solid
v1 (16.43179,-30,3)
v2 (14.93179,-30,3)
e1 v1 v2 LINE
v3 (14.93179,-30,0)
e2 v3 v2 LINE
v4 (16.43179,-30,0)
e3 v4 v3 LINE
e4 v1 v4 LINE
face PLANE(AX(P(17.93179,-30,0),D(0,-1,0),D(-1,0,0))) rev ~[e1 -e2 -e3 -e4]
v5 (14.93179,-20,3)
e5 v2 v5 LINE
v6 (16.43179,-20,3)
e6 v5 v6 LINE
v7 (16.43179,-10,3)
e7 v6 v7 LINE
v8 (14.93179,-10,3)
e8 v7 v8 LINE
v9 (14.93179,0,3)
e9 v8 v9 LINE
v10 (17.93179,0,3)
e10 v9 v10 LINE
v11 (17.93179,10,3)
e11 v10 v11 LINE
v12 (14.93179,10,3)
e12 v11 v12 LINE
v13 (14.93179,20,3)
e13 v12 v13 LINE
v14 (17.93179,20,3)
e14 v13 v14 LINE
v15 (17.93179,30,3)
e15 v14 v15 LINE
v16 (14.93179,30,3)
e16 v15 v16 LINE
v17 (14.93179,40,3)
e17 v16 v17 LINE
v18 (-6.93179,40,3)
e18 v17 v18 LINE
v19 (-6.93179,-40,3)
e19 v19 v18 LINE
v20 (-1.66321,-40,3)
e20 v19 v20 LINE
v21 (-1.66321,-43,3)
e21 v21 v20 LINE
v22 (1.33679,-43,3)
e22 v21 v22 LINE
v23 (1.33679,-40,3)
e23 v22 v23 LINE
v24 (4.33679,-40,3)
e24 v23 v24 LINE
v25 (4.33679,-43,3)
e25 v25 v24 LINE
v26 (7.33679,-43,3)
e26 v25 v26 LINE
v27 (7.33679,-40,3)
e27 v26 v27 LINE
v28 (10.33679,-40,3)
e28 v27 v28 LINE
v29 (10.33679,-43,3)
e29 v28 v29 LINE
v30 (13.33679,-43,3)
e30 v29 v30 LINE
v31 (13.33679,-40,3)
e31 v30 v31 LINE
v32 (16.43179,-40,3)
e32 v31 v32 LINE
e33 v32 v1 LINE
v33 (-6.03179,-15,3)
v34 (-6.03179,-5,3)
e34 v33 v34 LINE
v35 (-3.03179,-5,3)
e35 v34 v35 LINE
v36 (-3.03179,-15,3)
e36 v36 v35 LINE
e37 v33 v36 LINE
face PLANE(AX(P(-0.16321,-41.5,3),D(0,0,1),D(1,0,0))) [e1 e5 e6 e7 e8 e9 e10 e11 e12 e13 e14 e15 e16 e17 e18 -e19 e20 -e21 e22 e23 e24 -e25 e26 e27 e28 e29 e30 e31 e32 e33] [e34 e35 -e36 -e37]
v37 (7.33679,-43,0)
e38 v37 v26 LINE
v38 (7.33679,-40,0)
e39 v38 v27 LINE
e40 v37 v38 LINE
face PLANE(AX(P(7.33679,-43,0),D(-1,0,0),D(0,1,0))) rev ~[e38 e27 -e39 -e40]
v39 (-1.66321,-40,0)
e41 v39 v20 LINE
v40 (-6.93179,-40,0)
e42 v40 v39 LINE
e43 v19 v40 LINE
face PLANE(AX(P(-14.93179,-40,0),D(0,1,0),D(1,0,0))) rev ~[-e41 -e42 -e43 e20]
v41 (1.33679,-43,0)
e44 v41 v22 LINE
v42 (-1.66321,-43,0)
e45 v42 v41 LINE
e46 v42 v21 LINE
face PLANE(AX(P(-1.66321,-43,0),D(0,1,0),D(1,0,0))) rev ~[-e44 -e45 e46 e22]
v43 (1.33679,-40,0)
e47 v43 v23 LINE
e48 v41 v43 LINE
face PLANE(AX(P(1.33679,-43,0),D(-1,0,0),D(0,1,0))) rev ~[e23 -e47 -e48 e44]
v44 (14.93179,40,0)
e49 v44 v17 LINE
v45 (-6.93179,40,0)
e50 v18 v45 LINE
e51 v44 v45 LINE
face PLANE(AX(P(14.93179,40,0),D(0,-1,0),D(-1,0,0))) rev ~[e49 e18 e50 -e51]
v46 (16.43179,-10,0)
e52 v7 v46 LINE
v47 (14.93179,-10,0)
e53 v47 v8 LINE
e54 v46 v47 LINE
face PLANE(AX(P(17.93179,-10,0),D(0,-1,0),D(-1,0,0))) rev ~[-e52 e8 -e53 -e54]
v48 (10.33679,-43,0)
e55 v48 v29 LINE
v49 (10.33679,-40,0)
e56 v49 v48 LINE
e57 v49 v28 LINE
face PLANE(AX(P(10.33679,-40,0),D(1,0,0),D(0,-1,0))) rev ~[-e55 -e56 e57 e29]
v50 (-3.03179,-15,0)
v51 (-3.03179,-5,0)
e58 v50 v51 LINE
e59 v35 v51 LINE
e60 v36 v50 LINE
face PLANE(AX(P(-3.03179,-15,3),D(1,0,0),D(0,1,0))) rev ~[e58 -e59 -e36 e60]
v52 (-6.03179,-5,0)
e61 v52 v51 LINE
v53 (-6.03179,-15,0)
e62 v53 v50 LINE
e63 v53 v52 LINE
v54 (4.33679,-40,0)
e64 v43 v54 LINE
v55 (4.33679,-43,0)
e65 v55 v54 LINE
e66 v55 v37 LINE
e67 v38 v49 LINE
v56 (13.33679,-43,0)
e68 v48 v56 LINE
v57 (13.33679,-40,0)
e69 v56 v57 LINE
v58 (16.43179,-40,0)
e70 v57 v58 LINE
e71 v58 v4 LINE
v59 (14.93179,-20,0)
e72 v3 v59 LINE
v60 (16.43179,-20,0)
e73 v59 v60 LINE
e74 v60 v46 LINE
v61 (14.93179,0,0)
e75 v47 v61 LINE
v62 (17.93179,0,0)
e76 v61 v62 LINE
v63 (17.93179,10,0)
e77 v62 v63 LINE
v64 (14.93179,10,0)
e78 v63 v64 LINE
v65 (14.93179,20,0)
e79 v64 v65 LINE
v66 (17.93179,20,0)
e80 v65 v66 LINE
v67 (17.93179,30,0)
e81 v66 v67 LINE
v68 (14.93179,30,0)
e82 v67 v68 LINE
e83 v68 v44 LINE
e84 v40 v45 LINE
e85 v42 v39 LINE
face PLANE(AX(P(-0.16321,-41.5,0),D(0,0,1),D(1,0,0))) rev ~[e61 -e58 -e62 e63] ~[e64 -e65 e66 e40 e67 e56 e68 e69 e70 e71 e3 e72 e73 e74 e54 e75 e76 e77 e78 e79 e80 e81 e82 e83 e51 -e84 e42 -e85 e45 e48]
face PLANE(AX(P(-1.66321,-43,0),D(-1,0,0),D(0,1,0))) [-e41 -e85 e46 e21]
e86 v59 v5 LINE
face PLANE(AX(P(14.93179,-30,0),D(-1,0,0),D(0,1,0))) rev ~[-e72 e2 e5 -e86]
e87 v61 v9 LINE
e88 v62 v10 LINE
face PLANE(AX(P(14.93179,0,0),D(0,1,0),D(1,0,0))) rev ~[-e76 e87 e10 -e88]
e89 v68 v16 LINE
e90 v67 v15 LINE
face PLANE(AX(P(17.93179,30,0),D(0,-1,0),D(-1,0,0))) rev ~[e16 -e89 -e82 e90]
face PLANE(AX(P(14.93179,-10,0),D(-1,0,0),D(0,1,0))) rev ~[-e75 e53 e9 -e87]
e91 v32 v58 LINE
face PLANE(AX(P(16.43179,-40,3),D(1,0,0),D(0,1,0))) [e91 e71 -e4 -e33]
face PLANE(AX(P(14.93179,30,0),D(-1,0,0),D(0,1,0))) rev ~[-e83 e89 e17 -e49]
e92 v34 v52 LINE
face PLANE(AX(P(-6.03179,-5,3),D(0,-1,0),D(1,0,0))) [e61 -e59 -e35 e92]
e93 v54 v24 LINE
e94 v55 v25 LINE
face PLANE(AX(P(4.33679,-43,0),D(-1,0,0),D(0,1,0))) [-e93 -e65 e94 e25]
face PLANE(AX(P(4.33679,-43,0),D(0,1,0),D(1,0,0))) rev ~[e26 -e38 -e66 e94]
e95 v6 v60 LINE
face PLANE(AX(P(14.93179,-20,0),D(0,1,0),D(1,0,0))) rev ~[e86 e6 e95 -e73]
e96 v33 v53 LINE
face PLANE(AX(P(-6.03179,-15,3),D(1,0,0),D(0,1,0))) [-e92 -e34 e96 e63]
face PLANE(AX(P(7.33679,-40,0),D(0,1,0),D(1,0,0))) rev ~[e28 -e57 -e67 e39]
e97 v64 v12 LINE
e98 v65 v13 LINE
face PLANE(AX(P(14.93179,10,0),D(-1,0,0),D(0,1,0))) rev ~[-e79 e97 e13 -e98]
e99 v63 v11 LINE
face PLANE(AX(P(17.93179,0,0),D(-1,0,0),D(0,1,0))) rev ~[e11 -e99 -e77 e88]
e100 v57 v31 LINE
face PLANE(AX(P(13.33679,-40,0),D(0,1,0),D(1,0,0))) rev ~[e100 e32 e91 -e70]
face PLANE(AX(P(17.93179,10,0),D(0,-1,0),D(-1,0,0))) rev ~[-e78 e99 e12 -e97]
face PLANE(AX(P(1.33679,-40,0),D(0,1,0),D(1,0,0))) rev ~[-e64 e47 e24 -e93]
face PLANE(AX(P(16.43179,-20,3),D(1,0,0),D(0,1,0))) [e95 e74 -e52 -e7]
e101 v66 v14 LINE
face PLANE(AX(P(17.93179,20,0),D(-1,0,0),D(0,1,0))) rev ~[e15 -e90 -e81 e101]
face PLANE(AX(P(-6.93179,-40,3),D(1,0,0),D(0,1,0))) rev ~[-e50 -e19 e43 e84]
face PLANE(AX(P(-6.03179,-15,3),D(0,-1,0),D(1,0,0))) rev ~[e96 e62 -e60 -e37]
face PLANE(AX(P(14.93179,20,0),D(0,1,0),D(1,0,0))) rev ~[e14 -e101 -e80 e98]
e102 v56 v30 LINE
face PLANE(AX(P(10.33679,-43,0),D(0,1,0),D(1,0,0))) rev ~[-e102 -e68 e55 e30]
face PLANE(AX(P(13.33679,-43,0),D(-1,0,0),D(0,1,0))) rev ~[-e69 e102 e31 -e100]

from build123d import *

# Parameters (mm, degrees)
F0_W     = 3
F0_H     = 3
F0_H_2   = 10
F1_DEPTH = 3
F2_W     = 8
F2_H     = 80
F3_DEPTH = 25
F4_W     = 1.5
F4_H     = 10
F5_DEPTH = 25
F6_W     = 3
F6_H     = 10
F7_DEPTH = 25


with BuildPart() as f1:
    # F0 (on Top) → F1 (new body)
    with BuildSketch(Plane.XY):
        with Locations((-0.16321, -41.5)):
            Rectangle(F0_W, F0_H)
        with Locations((5.83679, -41.5)):
            Rectangle(F0_W, F0_H)
        Polygon((11.93179, 40), (-14.93179, 40), (-14.93179, -40), (-1.66321, -40), (1.33679, -40), (4.33679, -40), (7.33679, -40), (10.33679, -40), (11.93179, -40), (11.93179, -30), (11.93179, -20), (11.93179, -10), (11.93179, 0), (11.93179, 10), (11.93179, 20), (11.93179, 30), align=None)
        Polygon((11.93179, -30), (11.93179, -40), (13.33679, -40), (14.93179, -40), (14.93179, -30), align=None)
        with Locations((13.43179, -25)):
            Rectangle(F0_W, F0_H_2)
        Polygon((17.93179, -30), (14.93179, -30), (14.93179, -40), (16.52679, -40), (17.93179, -40), align=None)
        Polygon((11.93179, -40), (10.33679, -40), (10.33679, -43), (13.33679, -43), (13.33679, -40), align=None)
        with Locations((13.43179, -15)):
            Rectangle(F0_W, F0_H_2)
        with Locations((16.43179, -15)):
            Rectangle(F0_W, F0_H_2)
        with Locations((13.43179, -5)):
            Rectangle(F0_W, F0_H_2)
        with Locations((16.43179, 5)):
            Rectangle(F0_W, F0_H_2)
        with Locations((13.43179, 5)):
            Rectangle(F0_W, F0_H_2)
        with Locations((13.43179, 15)):
            Rectangle(F0_W, F0_H_2)
        with Locations((13.43179, 25)):
            Rectangle(F0_W, F0_H_2)
        with Locations((16.43179, 25)):
            Rectangle(F0_W, F0_H_2)
        with Locations((13.43179, 35)):
            Rectangle(F0_W, F0_H_2)
    extrude(amount=F1_DEPTH)

    # F2 (on face) → F3 (cut)
    with BuildSketch(Plane.XY.offset(3)):
        with Locations((-10.93179, 0)):
            Rectangle(F2_W, F2_H)
    extrude(amount=-F3_DEPTH, mode=Mode.SUBTRACT)

    # F4 (on face) → F5 (cut)
    with BuildSketch(Plane.XY.offset(3)):
        with Locations((17.18179, -35)):
            Rectangle(F4_W, F4_H)
        with Locations((17.18179, -15)):
            Rectangle(F4_W, F4_H)
    extrude(amount=-F5_DEPTH, mode=Mode.SUBTRACT)

    # F6 (on face) → F7 (cut)
    with BuildSketch(Plane.XY.offset(3)):
        with Locations((-4.53179, -10)):
            Rectangle(F6_W, F6_H)
    extrude(amount=-F7_DEPTH, mode=Mode.SUBTRACT)


solid = f1.part
